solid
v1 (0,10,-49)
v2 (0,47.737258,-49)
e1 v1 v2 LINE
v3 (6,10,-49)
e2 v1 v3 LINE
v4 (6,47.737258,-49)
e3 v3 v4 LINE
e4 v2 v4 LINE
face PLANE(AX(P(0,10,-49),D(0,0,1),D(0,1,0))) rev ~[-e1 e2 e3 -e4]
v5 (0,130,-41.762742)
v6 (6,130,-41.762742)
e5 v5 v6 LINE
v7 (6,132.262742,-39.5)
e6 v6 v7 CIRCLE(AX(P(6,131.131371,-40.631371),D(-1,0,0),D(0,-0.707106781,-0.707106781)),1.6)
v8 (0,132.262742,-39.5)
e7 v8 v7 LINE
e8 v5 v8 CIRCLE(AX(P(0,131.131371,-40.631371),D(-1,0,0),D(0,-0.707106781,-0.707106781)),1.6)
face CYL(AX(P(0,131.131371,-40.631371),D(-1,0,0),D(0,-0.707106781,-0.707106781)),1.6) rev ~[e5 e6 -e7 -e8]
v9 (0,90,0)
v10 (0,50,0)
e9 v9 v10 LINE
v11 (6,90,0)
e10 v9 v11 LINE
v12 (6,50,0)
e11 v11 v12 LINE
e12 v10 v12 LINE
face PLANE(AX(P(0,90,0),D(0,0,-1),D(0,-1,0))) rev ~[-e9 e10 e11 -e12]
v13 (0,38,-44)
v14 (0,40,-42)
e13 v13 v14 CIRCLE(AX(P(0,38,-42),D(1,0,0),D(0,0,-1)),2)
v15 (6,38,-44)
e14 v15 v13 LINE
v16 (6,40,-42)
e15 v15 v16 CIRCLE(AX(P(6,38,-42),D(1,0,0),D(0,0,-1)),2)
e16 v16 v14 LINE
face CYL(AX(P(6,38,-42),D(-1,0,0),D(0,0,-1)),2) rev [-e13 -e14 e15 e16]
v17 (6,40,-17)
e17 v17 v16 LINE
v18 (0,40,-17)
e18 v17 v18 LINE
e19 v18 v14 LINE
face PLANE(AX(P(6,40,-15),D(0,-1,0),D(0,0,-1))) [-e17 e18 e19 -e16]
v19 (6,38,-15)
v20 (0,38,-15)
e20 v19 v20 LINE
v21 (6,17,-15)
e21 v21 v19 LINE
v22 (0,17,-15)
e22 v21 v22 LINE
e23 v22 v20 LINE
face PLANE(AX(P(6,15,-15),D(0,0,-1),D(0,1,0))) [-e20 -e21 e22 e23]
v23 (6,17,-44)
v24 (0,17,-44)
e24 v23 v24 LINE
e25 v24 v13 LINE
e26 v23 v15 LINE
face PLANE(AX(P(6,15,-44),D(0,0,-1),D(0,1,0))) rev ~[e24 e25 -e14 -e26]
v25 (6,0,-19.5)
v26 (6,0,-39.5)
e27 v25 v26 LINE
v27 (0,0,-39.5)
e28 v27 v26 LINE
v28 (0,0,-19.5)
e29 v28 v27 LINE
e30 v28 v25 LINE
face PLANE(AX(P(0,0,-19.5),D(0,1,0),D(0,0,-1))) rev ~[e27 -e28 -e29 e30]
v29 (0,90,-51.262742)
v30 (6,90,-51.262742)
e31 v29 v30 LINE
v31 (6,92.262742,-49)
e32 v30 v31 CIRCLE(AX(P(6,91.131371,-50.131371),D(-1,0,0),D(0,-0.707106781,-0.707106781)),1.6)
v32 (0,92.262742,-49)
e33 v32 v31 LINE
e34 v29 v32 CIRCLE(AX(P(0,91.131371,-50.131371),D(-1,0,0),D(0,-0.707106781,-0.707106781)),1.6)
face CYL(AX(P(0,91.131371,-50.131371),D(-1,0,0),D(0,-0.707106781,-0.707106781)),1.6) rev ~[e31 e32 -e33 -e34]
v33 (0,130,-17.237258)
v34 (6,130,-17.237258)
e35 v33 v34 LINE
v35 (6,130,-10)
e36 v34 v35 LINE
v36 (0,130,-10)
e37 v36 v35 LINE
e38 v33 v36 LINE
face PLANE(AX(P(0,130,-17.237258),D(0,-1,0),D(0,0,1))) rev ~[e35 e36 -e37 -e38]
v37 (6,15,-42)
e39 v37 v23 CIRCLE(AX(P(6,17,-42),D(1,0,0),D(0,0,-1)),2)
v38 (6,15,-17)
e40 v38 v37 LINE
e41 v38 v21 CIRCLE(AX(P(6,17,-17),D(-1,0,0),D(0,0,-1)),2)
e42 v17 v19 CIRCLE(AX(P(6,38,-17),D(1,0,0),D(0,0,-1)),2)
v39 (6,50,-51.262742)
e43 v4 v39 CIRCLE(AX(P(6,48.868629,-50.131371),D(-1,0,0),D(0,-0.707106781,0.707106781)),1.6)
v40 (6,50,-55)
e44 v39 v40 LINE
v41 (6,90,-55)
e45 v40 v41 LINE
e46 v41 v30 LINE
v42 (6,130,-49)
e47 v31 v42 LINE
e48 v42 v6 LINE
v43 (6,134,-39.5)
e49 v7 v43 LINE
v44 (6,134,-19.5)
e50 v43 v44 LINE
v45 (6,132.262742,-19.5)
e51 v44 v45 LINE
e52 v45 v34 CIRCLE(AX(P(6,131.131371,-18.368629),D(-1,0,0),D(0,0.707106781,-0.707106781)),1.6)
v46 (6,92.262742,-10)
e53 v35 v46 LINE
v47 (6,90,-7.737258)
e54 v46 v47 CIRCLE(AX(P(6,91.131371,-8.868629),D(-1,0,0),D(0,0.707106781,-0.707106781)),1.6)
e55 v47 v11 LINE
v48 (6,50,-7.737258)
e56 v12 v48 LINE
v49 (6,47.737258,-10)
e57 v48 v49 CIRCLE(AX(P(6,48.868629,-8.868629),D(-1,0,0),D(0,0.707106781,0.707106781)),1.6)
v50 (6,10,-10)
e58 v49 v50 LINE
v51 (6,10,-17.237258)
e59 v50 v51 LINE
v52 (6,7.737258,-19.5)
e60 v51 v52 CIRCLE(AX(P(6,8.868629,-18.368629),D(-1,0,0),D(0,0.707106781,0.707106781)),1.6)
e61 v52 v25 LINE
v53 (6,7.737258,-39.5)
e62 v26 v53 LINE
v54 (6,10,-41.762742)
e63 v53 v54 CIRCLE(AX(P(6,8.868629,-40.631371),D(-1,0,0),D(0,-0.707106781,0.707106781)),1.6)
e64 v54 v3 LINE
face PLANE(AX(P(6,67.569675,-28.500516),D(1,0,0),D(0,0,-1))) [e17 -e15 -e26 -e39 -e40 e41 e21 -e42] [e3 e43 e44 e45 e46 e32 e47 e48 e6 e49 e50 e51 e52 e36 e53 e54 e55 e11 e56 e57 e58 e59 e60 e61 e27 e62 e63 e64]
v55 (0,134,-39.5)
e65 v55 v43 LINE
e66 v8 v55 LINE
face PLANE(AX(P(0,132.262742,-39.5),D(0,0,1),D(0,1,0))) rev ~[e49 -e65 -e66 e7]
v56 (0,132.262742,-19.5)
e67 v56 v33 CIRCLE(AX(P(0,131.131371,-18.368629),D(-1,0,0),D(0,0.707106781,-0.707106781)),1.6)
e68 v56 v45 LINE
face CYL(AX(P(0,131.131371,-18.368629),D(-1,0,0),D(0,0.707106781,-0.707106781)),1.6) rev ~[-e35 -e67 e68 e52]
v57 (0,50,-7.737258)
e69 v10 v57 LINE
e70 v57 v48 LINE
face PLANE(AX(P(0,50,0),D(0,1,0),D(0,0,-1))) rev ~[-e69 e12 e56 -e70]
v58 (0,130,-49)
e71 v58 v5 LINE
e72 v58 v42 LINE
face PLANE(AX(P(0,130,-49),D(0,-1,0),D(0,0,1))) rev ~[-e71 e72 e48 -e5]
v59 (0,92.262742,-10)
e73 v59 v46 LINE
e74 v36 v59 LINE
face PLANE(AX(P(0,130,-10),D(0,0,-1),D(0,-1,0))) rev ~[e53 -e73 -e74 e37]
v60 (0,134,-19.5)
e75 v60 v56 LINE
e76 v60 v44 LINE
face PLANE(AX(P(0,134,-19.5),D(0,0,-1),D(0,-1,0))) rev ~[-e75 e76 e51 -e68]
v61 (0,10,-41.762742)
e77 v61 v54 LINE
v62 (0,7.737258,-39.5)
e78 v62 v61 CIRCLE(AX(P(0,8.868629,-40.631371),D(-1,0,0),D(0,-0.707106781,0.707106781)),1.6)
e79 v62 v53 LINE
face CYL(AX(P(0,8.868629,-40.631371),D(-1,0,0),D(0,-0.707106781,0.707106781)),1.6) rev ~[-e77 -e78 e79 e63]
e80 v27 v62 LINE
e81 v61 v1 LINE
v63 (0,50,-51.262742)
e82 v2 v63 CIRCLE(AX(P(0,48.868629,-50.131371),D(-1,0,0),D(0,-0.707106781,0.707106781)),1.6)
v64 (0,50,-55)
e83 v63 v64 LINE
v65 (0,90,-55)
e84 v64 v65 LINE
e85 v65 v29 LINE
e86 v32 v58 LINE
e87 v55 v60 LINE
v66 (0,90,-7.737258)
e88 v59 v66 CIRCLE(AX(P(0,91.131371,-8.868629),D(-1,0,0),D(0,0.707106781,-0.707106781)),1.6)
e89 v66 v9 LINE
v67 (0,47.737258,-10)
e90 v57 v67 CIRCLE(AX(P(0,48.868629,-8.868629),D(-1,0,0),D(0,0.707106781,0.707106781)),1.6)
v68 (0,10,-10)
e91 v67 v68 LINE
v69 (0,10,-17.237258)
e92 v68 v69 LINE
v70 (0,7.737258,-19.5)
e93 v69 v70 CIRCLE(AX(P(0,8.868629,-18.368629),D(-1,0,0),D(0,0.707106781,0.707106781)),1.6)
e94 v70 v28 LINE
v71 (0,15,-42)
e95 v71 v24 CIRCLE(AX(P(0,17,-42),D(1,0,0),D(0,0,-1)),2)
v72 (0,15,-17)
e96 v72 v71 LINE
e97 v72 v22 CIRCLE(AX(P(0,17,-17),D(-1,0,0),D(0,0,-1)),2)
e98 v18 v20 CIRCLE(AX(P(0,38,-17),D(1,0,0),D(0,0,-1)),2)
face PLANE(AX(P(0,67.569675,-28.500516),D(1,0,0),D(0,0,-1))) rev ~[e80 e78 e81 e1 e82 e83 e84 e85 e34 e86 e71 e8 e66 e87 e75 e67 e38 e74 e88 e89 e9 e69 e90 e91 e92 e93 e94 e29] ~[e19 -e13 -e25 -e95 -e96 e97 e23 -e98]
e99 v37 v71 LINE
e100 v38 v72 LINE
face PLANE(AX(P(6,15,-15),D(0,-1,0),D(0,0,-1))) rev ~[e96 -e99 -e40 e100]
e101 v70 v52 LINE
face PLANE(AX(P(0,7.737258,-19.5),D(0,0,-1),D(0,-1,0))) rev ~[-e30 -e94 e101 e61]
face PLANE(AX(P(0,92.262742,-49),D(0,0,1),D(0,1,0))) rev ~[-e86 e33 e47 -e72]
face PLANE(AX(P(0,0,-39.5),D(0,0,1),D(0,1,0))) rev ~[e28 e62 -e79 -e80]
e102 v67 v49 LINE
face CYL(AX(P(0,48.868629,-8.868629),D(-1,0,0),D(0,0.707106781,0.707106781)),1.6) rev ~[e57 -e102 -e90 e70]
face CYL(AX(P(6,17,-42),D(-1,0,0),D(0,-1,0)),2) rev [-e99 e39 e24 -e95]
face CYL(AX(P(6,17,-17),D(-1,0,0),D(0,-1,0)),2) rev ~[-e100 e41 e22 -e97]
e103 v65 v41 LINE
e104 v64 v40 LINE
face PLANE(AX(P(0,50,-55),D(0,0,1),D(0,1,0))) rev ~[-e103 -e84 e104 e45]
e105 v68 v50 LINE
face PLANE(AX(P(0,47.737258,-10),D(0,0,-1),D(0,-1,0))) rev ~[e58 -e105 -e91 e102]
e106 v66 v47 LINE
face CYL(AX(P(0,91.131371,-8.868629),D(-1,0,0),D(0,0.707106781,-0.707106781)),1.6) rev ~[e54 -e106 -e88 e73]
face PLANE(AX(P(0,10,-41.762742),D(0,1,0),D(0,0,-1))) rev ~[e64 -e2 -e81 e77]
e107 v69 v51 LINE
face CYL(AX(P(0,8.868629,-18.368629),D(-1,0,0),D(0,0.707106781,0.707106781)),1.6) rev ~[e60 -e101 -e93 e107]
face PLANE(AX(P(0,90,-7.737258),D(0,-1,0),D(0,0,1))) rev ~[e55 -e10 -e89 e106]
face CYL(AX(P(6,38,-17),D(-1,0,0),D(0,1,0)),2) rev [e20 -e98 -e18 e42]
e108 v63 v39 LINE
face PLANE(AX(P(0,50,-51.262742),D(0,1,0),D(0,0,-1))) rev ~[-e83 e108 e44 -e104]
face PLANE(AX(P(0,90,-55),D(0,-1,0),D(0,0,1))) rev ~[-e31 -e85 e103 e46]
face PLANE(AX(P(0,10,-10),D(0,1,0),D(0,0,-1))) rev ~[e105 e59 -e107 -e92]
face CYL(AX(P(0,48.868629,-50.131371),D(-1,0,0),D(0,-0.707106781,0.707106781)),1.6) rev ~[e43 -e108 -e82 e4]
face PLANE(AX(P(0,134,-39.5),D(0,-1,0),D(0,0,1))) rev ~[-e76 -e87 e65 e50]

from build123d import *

# Parameters (mm, degrees)
EXTRUSION1_DEPTH        = 6
ESQUISSE2_W             = 29
ESQUISSE2_H             = 25
ENL_V_MAT_EXTRU_1_DEPTH = 7
CONG_1_R                = 2


with BuildPart() as part:
    # Esquisse1 → Extrusion1 (new body)
    with BuildSketch(Plane(origin=(0, 0, 0), x_dir=(0, 0, -1), z_dir=(1, 0, 0))):
        with BuildLine():
            Line((19.5, 7.7372583), (19.5, 0))
            Line((19.5, 0), (39.5, 0))
            Line((39.5, 0), (39.5, 7.7372583))
            ThreePointArc((39.5, 7.7372583), (39.5, 10), (41.7627417, 10))
            Line((41.7627417, 10), (49, 10))
            Line((49, 10), (49, 47.7372583))
            ThreePointArc((49, 47.7372583), (49, 50), (51.2627417, 50))
            Line((51.2627417, 50), (55, 50))
            Line((55, 50), (55, 90))
            Line((55, 90), (51.2627417, 90))
            ThreePointArc((51.2627417, 90), (49, 90), (49, 92.2627417))
            Line((49, 92.2627417), (49, 130))
            Line((49, 130), (41.7627417, 130))
            ThreePointArc((41.7627417, 130), (39.5, 130), (39.5, 132.2627417))
            Line((39.5, 132.2627417), (39.5, 134))
            Line((39.5, 134), (19.5, 134))
            Line((19.5, 134), (19.5, 132.2627417))
            ThreePointArc((19.5, 132.2627417), (19.5, 130), (17.2372583, 130))
            Line((17.2372583, 130), (10, 130))
            Line((10, 130), (10, 92.2627417))
            ThreePointArc((10, 92.2627417), (10, 90), (7.7372583, 90))
            Line((7.7372583, 90), (0, 90))
            Line((0, 90), (0, 50))
            Line((0, 50), (7.7372583, 50))
            ThreePointArc((7.7372583, 50), (10, 50), (10, 47.7372583))
            Line((10, 47.7372583), (10, 10))
            Line((10, 10), (17.2372583, 10))
            ThreePointArc((17.2372583, 10), (19.5, 10), (19.5, 7.7372583))
        make_face()
    extrude(amount=EXTRUSION1_DEPTH)

    # Esquisse2 → Enlèv. mat.-Extru.1 (cut, through all)
    with BuildSketch(Plane(origin=(6, 0, 0), x_dir=(0, 0, -1), z_dir=(1, 0, 0))):
        with Locations((29.5, 27.5)):
            Rectangle(ESQUISSE2_W, ESQUISSE2_H)
    extrude(amount=-ENL_V_MAT_EXTRU_1_DEPTH, mode=Mode.SUBTRACT)

    # Congé1
    cong_1_edges = [part.edges().sort_by_distance(p)[0] for p in [
        (3, 15, -15),
        (3, 40, -15),
        (3, 40, -44),
        (3, 15, -44),
    ]]
    fillet(cong_1_edges, radius=CONG_1_R)


solid = part.part
